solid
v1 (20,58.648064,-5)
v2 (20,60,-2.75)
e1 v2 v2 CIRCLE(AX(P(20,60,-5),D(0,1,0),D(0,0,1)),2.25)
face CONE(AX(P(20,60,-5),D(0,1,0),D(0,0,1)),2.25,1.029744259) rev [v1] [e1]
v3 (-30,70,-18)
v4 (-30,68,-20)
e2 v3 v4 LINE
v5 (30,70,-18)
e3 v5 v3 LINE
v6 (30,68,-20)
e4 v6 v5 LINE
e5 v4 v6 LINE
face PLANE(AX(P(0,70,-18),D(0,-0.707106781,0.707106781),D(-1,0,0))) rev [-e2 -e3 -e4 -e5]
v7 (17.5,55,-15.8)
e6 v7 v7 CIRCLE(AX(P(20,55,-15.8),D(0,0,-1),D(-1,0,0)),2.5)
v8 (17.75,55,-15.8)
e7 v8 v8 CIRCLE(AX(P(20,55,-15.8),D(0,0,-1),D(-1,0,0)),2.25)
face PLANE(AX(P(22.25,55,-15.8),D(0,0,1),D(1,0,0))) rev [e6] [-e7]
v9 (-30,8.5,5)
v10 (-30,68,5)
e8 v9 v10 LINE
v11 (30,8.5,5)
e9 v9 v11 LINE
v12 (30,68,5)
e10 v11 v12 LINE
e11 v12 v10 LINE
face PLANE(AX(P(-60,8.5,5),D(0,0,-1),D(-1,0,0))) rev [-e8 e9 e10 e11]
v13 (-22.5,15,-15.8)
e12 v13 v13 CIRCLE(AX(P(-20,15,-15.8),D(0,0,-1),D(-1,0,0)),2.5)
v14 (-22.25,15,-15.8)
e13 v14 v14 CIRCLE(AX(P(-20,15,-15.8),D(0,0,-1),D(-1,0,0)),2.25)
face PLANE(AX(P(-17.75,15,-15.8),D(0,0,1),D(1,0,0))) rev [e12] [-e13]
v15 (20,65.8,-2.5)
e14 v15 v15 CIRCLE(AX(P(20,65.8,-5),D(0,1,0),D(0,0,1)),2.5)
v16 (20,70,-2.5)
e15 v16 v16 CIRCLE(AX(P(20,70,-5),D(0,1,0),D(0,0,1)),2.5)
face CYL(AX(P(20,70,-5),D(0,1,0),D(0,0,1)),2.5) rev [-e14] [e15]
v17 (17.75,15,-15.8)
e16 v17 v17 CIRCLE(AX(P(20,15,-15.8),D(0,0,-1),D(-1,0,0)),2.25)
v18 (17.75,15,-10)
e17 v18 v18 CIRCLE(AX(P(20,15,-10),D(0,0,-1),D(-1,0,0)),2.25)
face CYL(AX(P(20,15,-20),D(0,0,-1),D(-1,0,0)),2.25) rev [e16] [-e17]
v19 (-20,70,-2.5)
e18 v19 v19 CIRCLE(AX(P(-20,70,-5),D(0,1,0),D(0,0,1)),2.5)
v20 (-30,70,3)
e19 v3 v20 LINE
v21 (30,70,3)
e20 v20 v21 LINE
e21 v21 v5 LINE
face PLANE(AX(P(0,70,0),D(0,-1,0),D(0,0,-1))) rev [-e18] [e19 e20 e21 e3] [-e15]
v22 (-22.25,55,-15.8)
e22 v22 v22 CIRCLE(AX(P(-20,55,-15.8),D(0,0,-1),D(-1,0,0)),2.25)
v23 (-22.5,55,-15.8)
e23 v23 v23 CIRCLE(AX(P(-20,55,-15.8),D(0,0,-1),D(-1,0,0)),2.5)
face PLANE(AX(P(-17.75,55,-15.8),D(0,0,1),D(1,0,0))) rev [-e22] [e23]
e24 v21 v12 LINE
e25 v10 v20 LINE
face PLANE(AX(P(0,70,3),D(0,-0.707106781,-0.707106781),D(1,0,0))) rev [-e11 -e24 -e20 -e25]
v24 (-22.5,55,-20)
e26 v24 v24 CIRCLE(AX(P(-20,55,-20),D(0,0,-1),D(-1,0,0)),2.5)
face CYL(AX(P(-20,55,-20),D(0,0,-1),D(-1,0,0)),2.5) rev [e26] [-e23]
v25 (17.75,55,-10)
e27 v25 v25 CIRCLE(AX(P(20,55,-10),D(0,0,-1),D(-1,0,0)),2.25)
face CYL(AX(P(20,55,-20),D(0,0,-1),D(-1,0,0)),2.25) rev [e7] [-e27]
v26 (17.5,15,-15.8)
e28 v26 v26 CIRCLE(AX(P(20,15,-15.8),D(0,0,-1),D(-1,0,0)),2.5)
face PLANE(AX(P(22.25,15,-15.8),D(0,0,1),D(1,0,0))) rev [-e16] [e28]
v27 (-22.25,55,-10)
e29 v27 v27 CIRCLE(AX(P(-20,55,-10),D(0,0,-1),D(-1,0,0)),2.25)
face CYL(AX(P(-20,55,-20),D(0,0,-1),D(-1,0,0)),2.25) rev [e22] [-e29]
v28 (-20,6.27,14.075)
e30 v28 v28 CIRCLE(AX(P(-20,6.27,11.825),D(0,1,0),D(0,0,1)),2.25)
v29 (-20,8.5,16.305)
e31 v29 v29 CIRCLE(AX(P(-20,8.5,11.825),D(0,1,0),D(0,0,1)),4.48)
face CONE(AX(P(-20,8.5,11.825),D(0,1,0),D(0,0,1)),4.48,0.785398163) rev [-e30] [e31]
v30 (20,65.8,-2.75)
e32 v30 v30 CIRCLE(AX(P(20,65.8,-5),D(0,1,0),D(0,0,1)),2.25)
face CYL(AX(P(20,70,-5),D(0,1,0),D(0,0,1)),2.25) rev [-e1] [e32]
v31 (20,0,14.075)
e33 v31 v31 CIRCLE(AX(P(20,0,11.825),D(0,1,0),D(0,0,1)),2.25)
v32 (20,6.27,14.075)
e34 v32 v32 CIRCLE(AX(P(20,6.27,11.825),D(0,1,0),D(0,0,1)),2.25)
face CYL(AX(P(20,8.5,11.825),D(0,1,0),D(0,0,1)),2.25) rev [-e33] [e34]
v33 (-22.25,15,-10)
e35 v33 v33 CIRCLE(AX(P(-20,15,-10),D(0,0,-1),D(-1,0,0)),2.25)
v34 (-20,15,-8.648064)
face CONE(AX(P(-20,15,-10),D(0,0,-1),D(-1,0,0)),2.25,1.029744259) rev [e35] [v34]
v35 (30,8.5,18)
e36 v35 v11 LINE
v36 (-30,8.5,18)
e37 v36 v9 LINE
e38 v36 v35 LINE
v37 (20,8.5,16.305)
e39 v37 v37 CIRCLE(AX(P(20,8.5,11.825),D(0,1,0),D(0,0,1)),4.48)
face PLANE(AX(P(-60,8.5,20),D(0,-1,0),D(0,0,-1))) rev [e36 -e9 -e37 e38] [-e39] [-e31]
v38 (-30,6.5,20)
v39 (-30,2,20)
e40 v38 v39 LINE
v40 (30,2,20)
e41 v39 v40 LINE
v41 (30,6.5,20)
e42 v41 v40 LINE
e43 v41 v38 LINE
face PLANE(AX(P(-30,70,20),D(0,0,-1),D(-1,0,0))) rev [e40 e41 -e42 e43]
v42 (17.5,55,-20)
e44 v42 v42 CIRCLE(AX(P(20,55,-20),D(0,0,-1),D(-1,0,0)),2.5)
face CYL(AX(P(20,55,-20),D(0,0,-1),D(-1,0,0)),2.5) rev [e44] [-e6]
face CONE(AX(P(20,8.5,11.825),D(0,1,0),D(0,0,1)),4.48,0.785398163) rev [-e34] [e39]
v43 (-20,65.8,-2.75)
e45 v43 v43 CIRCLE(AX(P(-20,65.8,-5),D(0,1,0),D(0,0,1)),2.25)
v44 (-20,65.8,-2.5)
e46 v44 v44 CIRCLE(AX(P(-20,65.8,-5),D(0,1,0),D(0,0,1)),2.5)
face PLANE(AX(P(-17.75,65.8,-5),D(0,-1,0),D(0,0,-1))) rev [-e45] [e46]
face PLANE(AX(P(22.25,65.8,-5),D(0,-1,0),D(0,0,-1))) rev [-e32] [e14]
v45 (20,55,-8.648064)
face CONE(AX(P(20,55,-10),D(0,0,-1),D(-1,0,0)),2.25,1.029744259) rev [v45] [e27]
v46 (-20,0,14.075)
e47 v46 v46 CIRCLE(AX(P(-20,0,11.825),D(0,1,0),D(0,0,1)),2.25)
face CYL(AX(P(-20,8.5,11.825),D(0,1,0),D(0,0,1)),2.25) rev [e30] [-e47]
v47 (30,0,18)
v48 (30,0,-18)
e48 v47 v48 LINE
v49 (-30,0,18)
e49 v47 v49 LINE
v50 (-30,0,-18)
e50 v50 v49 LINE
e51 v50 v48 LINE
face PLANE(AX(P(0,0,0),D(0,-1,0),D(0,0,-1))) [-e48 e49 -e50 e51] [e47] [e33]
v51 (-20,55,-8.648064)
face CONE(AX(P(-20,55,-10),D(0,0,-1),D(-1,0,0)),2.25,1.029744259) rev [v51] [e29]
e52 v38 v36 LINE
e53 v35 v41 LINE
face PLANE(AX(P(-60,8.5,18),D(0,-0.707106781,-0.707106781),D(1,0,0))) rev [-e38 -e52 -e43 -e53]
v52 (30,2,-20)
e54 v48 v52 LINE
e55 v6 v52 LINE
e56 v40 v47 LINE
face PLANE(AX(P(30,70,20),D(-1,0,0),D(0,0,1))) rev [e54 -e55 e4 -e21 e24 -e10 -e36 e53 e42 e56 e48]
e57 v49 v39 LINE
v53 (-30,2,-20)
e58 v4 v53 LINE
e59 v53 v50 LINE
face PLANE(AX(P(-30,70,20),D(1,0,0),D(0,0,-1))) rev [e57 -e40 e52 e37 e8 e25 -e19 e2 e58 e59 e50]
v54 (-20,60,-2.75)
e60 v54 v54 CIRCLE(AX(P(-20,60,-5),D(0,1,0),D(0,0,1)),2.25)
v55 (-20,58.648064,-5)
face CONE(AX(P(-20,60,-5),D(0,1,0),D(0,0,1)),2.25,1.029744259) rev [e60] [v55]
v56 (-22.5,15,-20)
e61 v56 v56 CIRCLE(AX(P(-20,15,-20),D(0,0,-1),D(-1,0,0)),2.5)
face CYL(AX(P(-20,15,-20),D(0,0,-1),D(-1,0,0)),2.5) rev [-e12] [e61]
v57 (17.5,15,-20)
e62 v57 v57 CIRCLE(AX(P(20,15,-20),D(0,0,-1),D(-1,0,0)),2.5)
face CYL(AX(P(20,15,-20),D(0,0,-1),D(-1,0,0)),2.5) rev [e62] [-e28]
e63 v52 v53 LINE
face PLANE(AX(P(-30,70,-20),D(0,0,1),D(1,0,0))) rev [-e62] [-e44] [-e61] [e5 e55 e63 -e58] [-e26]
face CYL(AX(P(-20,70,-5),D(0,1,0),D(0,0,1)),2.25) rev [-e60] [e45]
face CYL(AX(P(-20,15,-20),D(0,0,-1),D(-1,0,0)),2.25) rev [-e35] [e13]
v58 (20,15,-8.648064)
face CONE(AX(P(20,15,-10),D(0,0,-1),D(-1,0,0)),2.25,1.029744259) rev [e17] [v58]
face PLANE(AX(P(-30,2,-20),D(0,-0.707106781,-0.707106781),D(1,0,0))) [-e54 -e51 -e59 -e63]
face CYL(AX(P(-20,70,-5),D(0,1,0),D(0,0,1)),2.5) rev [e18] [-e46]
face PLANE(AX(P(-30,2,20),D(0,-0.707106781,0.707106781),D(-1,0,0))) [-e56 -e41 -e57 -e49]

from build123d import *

# Parameters (mm, degrees)
SKETCH1_W                               = 60
SKETCH1_H                               = 40
BOSS_EXTRUDE1_DEPTH                     = 70
SKETCH2_W                               = 15
SKETCH2_H                               = 61.5
CUT_EXTRUDE1_DEPTH                      = 90
CSK_FOR_M4_SFHCS1_D                     = 4.5
CSK_FOR_M4_SFHCS1_CSINK_D               = 8.96
CSK_FOR_M4_SFHCS1_CSINK_ANGLE           = 90
CBORE_FOR_M5_HEX_HEAD_BOLT1_D           = 4.5
CBORE_FOR_M5_HEX_HEAD_BOLT1_DEPTH       = 10
CBORE_FOR_M5_HEX_HEAD_BOLT1_CBORE_D     = 5
CBORE_FOR_M5_HEX_HEAD_BOLT1_CBORE_DEPTH = 4.2
CBORE_FOR_M5_HEX_HEAD_BOLT1_TIP         = 1.351936393
CBORE_FOR_M5_HEX_HEAD_BOLT2_D           = 4.5
CBORE_FOR_M5_HEX_HEAD_BOLT2_DEPTH       = 10
CBORE_FOR_M5_HEX_HEAD_BOLT2_CBORE_D     = 5
CBORE_FOR_M5_HEX_HEAD_BOLT2_CBORE_DEPTH = 4.2
CBORE_FOR_M5_HEX_HEAD_BOLT2_TIP         = 1.351936393
CHAMFER2_SIZE                           = 2


with BuildPart() as part:
    # Sketch1 → Boss-Extrude1 (new body)
    with BuildSketch(Plane(origin=(0, 0, 0), x_dir=(1, 0, 0), z_dir=(0, 1, 0))):
        Rectangle(SKETCH1_W, SKETCH1_H)
    extrude(amount=BOSS_EXTRUDE1_DEPTH)

    # Sketch2 → Cut-Extrude1 (cut)
    with BuildSketch(Plane(origin=(30, 0, 0), x_dir=(0, 0, -1), z_dir=(1, 0, 0))):
        with Locations((-12.5, 39.25)):
            Rectangle(SKETCH2_W, SKETCH2_H)
    extrude(amount=-CUT_EXTRUDE1_DEPTH, mode=Mode.SUBTRACT)

    # CSK for M4 SFHCS1 (through all)
    with Locations(Plane(origin=(0, 8.5, 0), x_dir=(1, 0, 0), z_dir=(0, 1, 0))):
        with Locations((-20, -11.825), (20, -11.825)):
            CounterSinkHole(CSK_FOR_M4_SFHCS1_D / 2, CSK_FOR_M4_SFHCS1_CSINK_D / 2, counter_sink_angle=CSK_FOR_M4_SFHCS1_CSINK_ANGLE)

    # CBORE for M5 Hex Head Bolt1
    with Locations(Plane(origin=(0, 0, -20), x_dir=(-1, 0, 0), z_dir=(0, 0, -1))):
        with Locations((20, 55), (-20, 15), (-20, 55), (20, 15)):
            CounterBoreHole(CBORE_FOR_M5_HEX_HEAD_BOLT1_D / 2, CBORE_FOR_M5_HEX_HEAD_BOLT1_CBORE_D / 2, CBORE_FOR_M5_HEX_HEAD_BOLT1_CBORE_DEPTH, depth=CBORE_FOR_M5_HEX_HEAD_BOLT1_DEPTH)
            with Locations((0, 0, -(CBORE_FOR_M5_HEX_HEAD_BOLT1_DEPTH + CBORE_FOR_M5_HEX_HEAD_BOLT1_TIP / 2))):  # 118° drill point
                Cone(0, CBORE_FOR_M5_HEX_HEAD_BOLT1_D / 2, CBORE_FOR_M5_HEX_HEAD_BOLT1_TIP, mode=Mode.SUBTRACT)

    # CBORE for M5 Hex Head Bolt2
    with Locations(Plane(origin=(0, 70, 0), x_dir=(1, 0, 0), z_dir=(0, 1, 0))):
        with Locations((-20, 5), (20, 5)):
            CounterBoreHole(CBORE_FOR_M5_HEX_HEAD_BOLT2_D / 2, CBORE_FOR_M5_HEX_HEAD_BOLT2_CBORE_D / 2, CBORE_FOR_M5_HEX_HEAD_BOLT2_CBORE_DEPTH, depth=CBORE_FOR_M5_HEX_HEAD_BOLT2_DEPTH)
            with Locations((0, 0, -(CBORE_FOR_M5_HEX_HEAD_BOLT2_DEPTH + CBORE_FOR_M5_HEX_HEAD_BOLT2_TIP / 2))):  # 118° drill point
                Cone(0, CBORE_FOR_M5_HEX_HEAD_BOLT2_D / 2, CBORE_FOR_M5_HEX_HEAD_BOLT2_TIP, mode=Mode.SUBTRACT)

    # Chamfer2
    chamfer2_edges = [part.edges().sort_by_distance(p)[0] for p in [
        (0, 70, 5),
        (0, 8.5, 20),
        (0, 0, 20),
        (0, 0, -20),
        (0, 70, -20),
    ]]
    chamfer(chamfer2_edges, length=CHAMFER2_SIZE)


solid = part.part
